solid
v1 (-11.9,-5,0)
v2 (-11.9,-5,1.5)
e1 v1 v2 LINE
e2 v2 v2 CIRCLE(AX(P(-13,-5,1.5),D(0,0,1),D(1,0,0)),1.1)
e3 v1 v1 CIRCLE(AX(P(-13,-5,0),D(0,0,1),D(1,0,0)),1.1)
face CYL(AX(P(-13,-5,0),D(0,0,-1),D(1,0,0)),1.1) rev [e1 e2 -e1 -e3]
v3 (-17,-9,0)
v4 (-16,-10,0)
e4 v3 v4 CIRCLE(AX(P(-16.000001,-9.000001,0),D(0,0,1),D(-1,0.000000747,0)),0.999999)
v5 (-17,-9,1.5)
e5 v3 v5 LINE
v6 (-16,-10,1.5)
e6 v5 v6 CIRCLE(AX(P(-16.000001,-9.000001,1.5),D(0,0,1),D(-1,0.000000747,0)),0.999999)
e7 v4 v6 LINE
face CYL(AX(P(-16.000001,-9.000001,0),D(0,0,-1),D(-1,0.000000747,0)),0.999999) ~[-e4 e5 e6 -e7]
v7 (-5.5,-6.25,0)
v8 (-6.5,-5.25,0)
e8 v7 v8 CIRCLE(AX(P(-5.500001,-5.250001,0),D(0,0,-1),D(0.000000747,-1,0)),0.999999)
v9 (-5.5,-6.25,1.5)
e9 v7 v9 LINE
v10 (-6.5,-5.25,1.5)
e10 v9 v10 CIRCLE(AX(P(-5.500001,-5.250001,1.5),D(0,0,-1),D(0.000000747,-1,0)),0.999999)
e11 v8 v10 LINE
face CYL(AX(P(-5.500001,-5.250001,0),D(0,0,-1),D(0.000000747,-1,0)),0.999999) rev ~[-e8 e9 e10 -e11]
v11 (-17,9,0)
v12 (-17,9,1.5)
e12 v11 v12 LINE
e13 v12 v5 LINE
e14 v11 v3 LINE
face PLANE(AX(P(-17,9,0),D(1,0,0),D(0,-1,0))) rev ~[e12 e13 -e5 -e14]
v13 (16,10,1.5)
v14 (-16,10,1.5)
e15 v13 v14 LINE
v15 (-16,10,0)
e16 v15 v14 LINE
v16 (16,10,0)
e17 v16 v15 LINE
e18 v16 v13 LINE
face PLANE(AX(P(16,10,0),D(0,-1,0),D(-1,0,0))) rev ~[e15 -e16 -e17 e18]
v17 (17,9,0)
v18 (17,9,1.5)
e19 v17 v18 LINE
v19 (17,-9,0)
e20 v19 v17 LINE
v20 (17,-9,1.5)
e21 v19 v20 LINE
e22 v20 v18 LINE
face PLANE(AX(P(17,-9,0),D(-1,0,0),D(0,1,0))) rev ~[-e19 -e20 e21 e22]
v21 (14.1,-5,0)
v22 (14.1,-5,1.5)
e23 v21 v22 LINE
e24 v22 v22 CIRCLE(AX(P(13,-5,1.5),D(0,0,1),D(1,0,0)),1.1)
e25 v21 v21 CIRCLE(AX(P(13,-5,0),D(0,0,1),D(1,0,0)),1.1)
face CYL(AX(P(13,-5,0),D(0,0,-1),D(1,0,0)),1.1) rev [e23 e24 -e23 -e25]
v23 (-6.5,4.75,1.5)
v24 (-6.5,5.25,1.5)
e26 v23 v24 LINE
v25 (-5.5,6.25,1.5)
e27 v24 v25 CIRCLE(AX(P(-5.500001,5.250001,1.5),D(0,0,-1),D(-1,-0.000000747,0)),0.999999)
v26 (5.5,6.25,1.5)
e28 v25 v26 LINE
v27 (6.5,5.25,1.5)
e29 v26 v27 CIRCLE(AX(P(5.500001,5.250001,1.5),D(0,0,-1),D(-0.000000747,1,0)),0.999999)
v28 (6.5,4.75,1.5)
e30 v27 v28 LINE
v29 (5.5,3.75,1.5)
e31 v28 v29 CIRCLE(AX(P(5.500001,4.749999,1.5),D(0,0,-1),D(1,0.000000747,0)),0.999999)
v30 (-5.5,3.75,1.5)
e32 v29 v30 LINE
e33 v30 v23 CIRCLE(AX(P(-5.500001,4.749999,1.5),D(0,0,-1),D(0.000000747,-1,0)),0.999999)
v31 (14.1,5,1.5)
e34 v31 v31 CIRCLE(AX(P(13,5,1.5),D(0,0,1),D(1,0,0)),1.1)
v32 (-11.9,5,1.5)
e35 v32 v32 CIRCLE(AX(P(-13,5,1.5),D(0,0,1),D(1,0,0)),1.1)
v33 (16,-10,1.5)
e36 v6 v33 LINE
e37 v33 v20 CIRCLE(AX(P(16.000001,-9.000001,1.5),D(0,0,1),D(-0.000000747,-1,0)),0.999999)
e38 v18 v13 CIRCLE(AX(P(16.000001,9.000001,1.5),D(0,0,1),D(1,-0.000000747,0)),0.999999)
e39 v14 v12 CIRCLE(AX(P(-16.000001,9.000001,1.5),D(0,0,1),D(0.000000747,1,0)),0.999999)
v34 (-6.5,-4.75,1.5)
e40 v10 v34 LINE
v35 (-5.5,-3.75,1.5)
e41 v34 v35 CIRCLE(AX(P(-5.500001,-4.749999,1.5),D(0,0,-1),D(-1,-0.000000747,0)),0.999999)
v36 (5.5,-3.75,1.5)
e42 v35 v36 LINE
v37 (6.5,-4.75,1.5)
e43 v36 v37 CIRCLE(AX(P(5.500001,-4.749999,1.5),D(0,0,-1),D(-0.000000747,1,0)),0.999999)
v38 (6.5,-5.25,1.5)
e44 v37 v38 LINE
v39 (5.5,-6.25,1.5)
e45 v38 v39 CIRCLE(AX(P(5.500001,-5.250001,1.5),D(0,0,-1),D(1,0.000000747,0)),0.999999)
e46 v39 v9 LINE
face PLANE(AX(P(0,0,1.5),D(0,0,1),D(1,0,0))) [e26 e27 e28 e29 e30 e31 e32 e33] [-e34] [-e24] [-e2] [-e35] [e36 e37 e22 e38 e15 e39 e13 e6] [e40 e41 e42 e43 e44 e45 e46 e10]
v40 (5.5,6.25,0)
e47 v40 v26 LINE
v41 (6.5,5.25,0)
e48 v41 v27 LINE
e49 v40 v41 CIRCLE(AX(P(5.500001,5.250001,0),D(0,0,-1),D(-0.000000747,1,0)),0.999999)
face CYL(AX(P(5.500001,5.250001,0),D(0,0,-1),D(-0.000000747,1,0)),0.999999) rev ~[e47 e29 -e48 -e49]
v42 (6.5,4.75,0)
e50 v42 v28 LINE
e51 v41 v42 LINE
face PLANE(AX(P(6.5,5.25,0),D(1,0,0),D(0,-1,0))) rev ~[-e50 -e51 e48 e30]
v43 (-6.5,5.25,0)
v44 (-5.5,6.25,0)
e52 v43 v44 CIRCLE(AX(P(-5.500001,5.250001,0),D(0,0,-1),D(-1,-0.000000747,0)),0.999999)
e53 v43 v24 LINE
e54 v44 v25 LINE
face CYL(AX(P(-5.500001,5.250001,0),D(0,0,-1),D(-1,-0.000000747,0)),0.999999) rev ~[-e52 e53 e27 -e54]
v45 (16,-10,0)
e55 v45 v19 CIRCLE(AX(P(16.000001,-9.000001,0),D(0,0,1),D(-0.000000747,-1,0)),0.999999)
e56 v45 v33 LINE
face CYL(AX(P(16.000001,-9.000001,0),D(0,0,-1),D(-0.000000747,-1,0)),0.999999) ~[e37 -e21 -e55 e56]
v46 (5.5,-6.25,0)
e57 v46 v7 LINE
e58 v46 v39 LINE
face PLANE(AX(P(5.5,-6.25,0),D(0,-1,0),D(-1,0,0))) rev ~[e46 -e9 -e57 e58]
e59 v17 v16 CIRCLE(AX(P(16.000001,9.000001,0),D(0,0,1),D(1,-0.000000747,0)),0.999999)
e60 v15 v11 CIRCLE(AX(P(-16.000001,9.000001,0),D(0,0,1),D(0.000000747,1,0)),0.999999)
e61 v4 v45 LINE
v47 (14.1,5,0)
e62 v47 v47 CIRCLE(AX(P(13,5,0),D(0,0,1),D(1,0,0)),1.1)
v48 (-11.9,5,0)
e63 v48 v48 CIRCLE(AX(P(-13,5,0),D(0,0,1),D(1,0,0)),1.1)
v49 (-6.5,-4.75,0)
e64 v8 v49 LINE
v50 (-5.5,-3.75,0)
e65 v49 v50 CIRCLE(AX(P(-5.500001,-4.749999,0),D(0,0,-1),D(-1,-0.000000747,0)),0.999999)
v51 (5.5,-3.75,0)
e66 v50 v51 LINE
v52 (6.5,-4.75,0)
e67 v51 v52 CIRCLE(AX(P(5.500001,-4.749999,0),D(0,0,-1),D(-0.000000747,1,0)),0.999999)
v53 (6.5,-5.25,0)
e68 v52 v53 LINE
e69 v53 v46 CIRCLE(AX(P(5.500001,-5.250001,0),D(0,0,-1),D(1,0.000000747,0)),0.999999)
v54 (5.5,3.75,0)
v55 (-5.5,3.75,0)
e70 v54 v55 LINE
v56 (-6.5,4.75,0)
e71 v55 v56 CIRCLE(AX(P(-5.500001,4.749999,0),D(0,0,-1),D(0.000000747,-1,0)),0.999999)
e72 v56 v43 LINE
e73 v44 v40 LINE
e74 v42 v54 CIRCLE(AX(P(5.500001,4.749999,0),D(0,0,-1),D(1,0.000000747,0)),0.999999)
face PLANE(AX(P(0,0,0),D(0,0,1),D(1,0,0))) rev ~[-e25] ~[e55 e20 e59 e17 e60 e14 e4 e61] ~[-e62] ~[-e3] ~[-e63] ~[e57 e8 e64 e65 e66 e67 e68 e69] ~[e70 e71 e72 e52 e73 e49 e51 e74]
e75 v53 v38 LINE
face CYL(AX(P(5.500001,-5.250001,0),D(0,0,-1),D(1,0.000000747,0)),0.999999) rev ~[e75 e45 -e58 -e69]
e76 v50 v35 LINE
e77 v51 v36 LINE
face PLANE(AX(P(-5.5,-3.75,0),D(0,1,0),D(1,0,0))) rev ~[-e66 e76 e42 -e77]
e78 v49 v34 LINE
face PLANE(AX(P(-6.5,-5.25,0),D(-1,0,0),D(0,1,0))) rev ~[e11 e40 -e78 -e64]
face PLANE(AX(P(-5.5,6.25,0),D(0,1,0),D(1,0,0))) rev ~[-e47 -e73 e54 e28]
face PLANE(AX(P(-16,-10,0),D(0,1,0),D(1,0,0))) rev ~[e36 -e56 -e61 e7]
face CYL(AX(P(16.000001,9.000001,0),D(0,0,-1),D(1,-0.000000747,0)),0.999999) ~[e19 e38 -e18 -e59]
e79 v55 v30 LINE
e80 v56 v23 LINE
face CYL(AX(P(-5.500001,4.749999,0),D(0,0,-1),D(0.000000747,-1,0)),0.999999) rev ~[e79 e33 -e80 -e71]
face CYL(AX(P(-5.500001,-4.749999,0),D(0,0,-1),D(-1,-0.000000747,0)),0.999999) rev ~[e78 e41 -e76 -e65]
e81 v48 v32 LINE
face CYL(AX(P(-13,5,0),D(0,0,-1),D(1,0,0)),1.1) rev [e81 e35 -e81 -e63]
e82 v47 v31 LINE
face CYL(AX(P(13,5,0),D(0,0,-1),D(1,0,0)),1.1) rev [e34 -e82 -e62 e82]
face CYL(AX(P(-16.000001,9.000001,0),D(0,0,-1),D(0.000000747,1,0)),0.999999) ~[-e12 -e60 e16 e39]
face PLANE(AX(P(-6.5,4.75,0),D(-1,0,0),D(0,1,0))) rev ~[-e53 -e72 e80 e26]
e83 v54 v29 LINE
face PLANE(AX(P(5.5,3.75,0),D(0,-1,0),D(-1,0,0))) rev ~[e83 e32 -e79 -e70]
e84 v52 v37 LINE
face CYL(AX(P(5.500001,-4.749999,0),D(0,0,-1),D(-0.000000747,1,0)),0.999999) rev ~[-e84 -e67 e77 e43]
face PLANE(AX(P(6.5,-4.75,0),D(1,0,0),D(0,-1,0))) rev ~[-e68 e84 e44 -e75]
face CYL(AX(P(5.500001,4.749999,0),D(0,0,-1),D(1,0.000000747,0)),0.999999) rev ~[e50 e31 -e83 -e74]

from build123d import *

# Parameters (mm, degrees)
F0_R     = 1.1
F1_DEPTH = 1.5


with BuildPart() as f1:
    # F0 (on Top) → F1 (new body)
    with BuildSketch(Plane.XY):
        with BuildLine():
            ThreePointArc((17, 9), (16.707107, 9.707107), (16, 10))
            Line((16, 10), (-16, 10))
            ThreePointArc((-16, 10), (-16.707107, 9.707107), (-17, 9))
            Line((-17, 9), (-17, -9))
            ThreePointArc((-17, -9), (-16.707107, -9.707107), (-16, -10))
            Line((-16, -10), (16, -10))
            ThreePointArc((16, -10), (16.707107, -9.707107), (17, -9))
            Line((17, -9), (17, 9))
        make_face()
        with Locations((-13, -5)):
            Circle(F0_R, mode=Mode.SUBTRACT)
        with BuildLine():
            ThreePointArc((-5.5, -6.25), (-6.207107, -5.957107), (-6.5, -5.25))
            Line((-6.5, -5.25), (-6.5, -4.75))
            ThreePointArc((-6.5, -4.75), (-6.207107, -4.042893), (-5.5, -3.75))
            Line((-5.5, -3.75), (5.5, -3.75))
            ThreePointArc((5.5, -3.75), (6.207107, -4.042893), (6.5, -4.75))
            Line((6.5, -4.75), (6.5, -5.25))
            ThreePointArc((6.5, -5.25), (6.207107, -5.957107), (5.5, -6.25))
            Line((5.5, -6.25), (-5.5, -6.25))
        make_face(mode=Mode.SUBTRACT)
        with Locations((13, -5)):
            Circle(F0_R, mode=Mode.SUBTRACT)
        with Locations((-13, 5)):
            Circle(F0_R, mode=Mode.SUBTRACT)
        with BuildLine():
            ThreePointArc((-6.5, 5.25), (-6.207107, 5.957107), (-5.5, 6.25))
            Line((-5.5, 6.25), (5.5, 6.25))
            ThreePointArc((5.5, 6.25), (6.207107, 5.957107), (6.5, 5.25))
            Line((6.5, 5.25), (6.5, 4.75))
            ThreePointArc((6.5, 4.75), (6.207107, 4.042893), (5.5, 3.75))
            Line((5.5, 3.75), (-5.5, 3.75))
            ThreePointArc((-5.5, 3.75), (-6.207107, 4.042893), (-6.5, 4.75))
            Line((-6.5, 4.75), (-6.5, 5.25))
        make_face(mode=Mode.SUBTRACT)
        with Locations((13, 5)):
            Circle(F0_R, mode=Mode.SUBTRACT)
    extrude(amount=F1_DEPTH)


solid = f1.part
